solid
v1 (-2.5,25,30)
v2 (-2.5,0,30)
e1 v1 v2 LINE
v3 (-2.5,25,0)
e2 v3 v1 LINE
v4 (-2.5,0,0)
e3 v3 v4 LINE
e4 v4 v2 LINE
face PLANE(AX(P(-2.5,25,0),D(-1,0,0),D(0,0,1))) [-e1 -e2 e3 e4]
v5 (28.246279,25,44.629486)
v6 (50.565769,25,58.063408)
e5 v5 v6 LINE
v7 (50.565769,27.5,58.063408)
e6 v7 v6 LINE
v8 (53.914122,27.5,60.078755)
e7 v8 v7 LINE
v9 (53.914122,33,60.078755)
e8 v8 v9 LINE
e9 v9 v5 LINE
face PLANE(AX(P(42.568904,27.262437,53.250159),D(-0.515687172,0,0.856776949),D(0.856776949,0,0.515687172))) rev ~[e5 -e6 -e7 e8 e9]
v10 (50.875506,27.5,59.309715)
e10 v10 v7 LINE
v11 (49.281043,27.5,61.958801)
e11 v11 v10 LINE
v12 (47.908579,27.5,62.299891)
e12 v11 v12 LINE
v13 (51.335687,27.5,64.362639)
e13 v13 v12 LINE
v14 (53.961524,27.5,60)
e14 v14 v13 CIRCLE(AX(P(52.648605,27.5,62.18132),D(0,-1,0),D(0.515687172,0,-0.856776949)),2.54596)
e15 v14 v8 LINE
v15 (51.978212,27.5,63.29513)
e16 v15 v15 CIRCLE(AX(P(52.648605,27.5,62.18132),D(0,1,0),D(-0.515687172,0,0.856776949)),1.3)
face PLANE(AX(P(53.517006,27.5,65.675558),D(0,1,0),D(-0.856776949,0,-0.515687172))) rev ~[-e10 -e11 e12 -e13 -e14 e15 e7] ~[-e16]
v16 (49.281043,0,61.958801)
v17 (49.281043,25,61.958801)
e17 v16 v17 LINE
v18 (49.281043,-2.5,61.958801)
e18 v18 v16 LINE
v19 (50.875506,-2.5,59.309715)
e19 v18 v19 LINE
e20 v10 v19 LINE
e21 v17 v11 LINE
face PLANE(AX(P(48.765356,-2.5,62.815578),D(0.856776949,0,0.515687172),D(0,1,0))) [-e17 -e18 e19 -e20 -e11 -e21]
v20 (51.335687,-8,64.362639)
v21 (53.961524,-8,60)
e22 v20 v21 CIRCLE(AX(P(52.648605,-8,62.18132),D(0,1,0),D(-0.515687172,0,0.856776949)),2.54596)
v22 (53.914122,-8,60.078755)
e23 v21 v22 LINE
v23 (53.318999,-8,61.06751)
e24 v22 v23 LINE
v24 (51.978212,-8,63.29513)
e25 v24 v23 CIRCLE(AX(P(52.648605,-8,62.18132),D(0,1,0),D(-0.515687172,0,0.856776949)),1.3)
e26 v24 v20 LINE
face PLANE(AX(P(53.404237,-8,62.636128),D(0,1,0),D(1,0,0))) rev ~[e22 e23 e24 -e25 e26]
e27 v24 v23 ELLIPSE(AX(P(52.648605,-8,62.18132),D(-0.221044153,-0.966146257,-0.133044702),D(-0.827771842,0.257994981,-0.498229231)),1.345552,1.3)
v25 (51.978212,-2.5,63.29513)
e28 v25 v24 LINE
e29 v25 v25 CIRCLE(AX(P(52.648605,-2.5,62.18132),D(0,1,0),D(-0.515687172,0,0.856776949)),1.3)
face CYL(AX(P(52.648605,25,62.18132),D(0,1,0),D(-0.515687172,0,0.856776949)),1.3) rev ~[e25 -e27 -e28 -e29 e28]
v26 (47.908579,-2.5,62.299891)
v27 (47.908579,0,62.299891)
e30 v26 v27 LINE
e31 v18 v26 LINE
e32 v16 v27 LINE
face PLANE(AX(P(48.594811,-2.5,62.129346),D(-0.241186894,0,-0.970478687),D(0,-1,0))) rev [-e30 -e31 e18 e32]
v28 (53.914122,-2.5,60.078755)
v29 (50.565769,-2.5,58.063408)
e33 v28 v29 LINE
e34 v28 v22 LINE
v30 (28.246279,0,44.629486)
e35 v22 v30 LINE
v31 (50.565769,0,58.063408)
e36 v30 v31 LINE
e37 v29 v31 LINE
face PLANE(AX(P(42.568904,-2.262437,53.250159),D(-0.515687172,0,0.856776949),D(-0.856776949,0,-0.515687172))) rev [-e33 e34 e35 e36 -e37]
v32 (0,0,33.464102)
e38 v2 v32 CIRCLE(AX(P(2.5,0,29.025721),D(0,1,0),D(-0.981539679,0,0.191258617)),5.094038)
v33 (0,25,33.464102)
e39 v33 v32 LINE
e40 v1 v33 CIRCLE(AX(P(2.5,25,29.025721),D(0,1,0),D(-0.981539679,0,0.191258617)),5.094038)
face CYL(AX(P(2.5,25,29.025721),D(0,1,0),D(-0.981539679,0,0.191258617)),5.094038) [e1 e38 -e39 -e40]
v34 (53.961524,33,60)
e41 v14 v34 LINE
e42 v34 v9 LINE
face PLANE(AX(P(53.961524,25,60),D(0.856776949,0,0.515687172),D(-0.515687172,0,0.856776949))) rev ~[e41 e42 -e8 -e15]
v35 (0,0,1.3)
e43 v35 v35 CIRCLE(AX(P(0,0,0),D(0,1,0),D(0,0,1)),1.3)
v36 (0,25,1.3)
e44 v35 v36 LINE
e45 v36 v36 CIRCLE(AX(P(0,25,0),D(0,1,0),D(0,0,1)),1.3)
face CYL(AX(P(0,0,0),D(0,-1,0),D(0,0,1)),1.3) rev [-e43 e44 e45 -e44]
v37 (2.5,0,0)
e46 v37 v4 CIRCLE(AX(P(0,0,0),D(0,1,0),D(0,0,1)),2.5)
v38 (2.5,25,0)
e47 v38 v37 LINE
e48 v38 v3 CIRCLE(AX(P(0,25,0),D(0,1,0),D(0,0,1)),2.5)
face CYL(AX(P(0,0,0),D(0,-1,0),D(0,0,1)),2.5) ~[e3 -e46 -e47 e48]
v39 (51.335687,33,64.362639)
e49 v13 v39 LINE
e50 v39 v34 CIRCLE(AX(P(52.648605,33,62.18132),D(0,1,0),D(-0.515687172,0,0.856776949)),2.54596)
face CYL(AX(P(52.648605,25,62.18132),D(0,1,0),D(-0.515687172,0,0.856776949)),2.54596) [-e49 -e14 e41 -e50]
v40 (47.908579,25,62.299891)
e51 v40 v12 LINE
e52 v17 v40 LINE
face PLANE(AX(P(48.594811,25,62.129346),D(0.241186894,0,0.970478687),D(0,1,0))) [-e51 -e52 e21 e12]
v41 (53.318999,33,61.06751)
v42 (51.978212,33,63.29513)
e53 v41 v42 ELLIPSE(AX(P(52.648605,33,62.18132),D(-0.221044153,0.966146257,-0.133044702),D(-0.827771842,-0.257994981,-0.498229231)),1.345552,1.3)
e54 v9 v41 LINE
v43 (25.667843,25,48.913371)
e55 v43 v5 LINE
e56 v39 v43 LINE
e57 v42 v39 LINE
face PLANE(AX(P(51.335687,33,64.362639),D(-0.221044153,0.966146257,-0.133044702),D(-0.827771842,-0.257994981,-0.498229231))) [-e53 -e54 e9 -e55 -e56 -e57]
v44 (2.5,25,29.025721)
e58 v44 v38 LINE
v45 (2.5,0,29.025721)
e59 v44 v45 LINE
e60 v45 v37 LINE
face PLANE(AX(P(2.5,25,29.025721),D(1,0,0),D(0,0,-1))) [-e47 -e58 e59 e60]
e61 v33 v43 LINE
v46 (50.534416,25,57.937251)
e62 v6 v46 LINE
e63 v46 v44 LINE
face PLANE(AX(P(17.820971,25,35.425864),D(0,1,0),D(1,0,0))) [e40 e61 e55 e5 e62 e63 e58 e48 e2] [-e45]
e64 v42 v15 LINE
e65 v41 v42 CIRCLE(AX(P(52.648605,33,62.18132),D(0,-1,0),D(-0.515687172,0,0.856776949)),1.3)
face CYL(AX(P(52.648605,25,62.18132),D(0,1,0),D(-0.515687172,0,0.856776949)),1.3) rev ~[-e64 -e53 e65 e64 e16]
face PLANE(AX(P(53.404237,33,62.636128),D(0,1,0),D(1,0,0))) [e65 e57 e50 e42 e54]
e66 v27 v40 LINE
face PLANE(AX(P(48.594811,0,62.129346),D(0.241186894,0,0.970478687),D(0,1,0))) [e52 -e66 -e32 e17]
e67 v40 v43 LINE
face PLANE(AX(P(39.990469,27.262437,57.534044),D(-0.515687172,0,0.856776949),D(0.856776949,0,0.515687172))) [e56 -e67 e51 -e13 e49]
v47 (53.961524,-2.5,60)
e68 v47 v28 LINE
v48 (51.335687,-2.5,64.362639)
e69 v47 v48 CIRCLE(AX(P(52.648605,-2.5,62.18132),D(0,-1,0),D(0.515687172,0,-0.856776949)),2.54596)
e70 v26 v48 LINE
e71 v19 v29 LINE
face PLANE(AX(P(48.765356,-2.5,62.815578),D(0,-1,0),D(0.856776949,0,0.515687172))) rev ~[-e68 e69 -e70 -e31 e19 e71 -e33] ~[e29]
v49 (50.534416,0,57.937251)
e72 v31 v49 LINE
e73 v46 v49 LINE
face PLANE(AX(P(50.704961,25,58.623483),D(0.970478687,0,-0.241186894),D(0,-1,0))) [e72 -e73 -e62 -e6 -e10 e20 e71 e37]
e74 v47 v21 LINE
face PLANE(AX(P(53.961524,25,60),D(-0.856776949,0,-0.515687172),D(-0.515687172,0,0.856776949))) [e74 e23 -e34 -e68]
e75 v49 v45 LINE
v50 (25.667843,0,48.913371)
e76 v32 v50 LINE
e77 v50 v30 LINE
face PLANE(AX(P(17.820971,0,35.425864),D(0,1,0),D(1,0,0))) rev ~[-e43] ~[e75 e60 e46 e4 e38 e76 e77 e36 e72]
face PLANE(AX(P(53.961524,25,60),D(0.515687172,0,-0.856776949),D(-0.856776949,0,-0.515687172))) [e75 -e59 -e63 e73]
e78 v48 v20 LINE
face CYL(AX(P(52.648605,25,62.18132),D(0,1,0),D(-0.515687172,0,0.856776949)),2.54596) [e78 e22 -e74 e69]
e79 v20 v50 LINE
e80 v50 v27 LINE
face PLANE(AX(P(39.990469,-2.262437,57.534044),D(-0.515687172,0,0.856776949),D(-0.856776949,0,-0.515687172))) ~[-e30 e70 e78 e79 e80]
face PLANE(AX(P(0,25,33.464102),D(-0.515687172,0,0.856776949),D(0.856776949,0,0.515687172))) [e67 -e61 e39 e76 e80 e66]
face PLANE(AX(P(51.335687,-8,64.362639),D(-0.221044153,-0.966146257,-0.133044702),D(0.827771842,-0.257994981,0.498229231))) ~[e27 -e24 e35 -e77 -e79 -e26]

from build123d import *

# Parameters (mm, degrees)
SKETCH_1_R               = 2.5
SKETCH_1_R_2             = 1.3
EXTRUDE_1_DEPTH          = 25
EXTRUDE_2_DEPTH          = 25
EXTRUDE_3_DEPTH          = 8
EXTRUDE_3_DEPTH_BACK     = 33
EXTRUDE_4_DEPTH          = 5
SKETCH_4_R               = 1.3
CUT_EXTRUDE_1_DEPTH      = 92.24177093
CUT_EXTRUDE_1_DEPTH_BACK = 92.24177093
SKETCH_7_W               = 3
SKETCH_7_H               = 30
SKETCH_7_W_2             = 2.545959886
CUT_EXTRUDE_2_DEPTH      = 88.173473517
CUT_EXTRUDE_2_DEPTH_BACK = 9
CHAMFER_1_SIZE           = 1


with BuildPart() as part:
    # 草图1 → 凸台-拉伸1 (new body)
    with BuildSketch(Plane(origin=(0, 0, 0), x_dir=(1, 0, 0), z_dir=(0, 1, 0))):
        with Locations(Location((0, 0, 0), (0, 0, 270))):
            Circle(SKETCH_1_R)
        with Locations(Location((0, 0, 0), (0, 0, 270))):
            Circle(SKETCH_1_R_2, mode=Mode.SUBTRACT)
    extrude(amount=EXTRUDE_1_DEPTH)

    # 草图2 → 凸台-拉伸2 (add)
    with BuildSketch(Plane(origin=(0, 25, 0), x_dir=(1, 0, 0), z_dir=(0, 1, 0))):
        with BuildLine():
            ThreePointArc((2.5, 0), (0, -2.5), (-2.5, 0))
            Line((-2.5, 0), (-2.5, -30))
            ThreePointArc((-2.5, -30), (-1.63067791, -32.006781425), (0, -33.464101615))
            Line((0, -33.464101615), (51.335686519, -64.362639487))
            Line((51.335686519, -64.362639487), (53.961524227, -60))
            Line((53.961524227, -60), (2.5, -29.025721421))
            Line((2.5, -29.025721421), (2.5, 0))
        make_face()
    extrude(amount=-EXTRUDE_2_DEPTH)

    # 草图3 → 凸台-拉伸3 (add, two sides)
    with BuildSketch(Plane(origin=(0, 25, 0), x_dir=(1, 0, 0), z_dir=(0, 1, 0))) as extrude_3_sk:
        with BuildLine():
            Line((53.961524227, -60), (51.335686519, -64.362639487))
            ThreePointArc((51.335686519, -64.362639487), (54.829925117, -63.494238598), (53.961524227, -60))
        make_face()
    extrude(amount=EXTRUDE_3_DEPTH)
    extrude(extrude_3_sk.sketch, amount=-EXTRUDE_3_DEPTH_BACK)

    # 草图5 → 凸台-拉伸4 (add)
    with BuildSketch(Plane(origin=(-14.785406604, 0, 24.564883997), x_dir=(0.8567769491001666, 0, 0.5156871721214431), z_dir=(-0.5156871721214431, 0, 0.8567769491001666))):
        Polygon((77.174220423, 25), (77.174220423, 33), (47.215614176, 25), align=None)
    extrude_4 = extrude(amount=-EXTRUDE_4_DEPTH)

    # 镜向1: 凸台-拉伸4 across plane
    add(extrude_4.mirror(Plane(origin=(0, 12.5, 0), x_dir=(0, 0, 1), z_dir=(0, -1, 0))))

    # 草图4 → 切除-拉伸1 (cut, two sides)
    with BuildSketch(Plane(origin=(0, 25, 0), x_dir=(1, 0, 0), z_dir=(0, 1, 0))) as cut_extrude_1_sk:
        with Locations(Location((52.648605373, -62.181319744, 0), (0, 0, 238.956602405))):
            Circle(SKETCH_4_R)
    extrude(amount=CUT_EXTRUDE_1_DEPTH, mode=Mode.SUBTRACT)
    extrude(cut_extrude_1_sk.sketch, amount=-CUT_EXTRUDE_1_DEPTH_BACK, mode=Mode.SUBTRACT)

    # 草图7 → 切除-拉伸2 (cut, two sides)
    with BuildSketch(Plane(origin=(-14.785406604, 0, 24.564883997), x_dir=(0.8567769491001666, 0, 0.5156871721214431), z_dir=(-0.5156871721214431, 0, 0.8567769491001666))) as cut_extrude_2_sk:
        with Locations((75.674220423, 12.5)):
            Rectangle(SKETCH_7_W, SKETCH_7_H)
        with Locations((78.447200366, 12.5)):
            Rectangle(SKETCH_7_W_2, SKETCH_7_H)
    extrude(amount=CUT_EXTRUDE_2_DEPTH, mode=Mode.SUBTRACT)
    extrude(cut_extrude_2_sk.sketch, amount=-CUT_EXTRUDE_2_DEPTH_BACK, mode=Mode.SUBTRACT)

    # 倒角1
    chamfer_1_edges = [part.edges().sort_by_distance(p)[0] for p in [
        (48.765355672, 12.5, 62.815577971),
        (51.39119338, 12.5, 58.452938484),
    ]]
    chamfer(chamfer_1_edges, length=CHAMFER_1_SIZE)


solid = part.part
